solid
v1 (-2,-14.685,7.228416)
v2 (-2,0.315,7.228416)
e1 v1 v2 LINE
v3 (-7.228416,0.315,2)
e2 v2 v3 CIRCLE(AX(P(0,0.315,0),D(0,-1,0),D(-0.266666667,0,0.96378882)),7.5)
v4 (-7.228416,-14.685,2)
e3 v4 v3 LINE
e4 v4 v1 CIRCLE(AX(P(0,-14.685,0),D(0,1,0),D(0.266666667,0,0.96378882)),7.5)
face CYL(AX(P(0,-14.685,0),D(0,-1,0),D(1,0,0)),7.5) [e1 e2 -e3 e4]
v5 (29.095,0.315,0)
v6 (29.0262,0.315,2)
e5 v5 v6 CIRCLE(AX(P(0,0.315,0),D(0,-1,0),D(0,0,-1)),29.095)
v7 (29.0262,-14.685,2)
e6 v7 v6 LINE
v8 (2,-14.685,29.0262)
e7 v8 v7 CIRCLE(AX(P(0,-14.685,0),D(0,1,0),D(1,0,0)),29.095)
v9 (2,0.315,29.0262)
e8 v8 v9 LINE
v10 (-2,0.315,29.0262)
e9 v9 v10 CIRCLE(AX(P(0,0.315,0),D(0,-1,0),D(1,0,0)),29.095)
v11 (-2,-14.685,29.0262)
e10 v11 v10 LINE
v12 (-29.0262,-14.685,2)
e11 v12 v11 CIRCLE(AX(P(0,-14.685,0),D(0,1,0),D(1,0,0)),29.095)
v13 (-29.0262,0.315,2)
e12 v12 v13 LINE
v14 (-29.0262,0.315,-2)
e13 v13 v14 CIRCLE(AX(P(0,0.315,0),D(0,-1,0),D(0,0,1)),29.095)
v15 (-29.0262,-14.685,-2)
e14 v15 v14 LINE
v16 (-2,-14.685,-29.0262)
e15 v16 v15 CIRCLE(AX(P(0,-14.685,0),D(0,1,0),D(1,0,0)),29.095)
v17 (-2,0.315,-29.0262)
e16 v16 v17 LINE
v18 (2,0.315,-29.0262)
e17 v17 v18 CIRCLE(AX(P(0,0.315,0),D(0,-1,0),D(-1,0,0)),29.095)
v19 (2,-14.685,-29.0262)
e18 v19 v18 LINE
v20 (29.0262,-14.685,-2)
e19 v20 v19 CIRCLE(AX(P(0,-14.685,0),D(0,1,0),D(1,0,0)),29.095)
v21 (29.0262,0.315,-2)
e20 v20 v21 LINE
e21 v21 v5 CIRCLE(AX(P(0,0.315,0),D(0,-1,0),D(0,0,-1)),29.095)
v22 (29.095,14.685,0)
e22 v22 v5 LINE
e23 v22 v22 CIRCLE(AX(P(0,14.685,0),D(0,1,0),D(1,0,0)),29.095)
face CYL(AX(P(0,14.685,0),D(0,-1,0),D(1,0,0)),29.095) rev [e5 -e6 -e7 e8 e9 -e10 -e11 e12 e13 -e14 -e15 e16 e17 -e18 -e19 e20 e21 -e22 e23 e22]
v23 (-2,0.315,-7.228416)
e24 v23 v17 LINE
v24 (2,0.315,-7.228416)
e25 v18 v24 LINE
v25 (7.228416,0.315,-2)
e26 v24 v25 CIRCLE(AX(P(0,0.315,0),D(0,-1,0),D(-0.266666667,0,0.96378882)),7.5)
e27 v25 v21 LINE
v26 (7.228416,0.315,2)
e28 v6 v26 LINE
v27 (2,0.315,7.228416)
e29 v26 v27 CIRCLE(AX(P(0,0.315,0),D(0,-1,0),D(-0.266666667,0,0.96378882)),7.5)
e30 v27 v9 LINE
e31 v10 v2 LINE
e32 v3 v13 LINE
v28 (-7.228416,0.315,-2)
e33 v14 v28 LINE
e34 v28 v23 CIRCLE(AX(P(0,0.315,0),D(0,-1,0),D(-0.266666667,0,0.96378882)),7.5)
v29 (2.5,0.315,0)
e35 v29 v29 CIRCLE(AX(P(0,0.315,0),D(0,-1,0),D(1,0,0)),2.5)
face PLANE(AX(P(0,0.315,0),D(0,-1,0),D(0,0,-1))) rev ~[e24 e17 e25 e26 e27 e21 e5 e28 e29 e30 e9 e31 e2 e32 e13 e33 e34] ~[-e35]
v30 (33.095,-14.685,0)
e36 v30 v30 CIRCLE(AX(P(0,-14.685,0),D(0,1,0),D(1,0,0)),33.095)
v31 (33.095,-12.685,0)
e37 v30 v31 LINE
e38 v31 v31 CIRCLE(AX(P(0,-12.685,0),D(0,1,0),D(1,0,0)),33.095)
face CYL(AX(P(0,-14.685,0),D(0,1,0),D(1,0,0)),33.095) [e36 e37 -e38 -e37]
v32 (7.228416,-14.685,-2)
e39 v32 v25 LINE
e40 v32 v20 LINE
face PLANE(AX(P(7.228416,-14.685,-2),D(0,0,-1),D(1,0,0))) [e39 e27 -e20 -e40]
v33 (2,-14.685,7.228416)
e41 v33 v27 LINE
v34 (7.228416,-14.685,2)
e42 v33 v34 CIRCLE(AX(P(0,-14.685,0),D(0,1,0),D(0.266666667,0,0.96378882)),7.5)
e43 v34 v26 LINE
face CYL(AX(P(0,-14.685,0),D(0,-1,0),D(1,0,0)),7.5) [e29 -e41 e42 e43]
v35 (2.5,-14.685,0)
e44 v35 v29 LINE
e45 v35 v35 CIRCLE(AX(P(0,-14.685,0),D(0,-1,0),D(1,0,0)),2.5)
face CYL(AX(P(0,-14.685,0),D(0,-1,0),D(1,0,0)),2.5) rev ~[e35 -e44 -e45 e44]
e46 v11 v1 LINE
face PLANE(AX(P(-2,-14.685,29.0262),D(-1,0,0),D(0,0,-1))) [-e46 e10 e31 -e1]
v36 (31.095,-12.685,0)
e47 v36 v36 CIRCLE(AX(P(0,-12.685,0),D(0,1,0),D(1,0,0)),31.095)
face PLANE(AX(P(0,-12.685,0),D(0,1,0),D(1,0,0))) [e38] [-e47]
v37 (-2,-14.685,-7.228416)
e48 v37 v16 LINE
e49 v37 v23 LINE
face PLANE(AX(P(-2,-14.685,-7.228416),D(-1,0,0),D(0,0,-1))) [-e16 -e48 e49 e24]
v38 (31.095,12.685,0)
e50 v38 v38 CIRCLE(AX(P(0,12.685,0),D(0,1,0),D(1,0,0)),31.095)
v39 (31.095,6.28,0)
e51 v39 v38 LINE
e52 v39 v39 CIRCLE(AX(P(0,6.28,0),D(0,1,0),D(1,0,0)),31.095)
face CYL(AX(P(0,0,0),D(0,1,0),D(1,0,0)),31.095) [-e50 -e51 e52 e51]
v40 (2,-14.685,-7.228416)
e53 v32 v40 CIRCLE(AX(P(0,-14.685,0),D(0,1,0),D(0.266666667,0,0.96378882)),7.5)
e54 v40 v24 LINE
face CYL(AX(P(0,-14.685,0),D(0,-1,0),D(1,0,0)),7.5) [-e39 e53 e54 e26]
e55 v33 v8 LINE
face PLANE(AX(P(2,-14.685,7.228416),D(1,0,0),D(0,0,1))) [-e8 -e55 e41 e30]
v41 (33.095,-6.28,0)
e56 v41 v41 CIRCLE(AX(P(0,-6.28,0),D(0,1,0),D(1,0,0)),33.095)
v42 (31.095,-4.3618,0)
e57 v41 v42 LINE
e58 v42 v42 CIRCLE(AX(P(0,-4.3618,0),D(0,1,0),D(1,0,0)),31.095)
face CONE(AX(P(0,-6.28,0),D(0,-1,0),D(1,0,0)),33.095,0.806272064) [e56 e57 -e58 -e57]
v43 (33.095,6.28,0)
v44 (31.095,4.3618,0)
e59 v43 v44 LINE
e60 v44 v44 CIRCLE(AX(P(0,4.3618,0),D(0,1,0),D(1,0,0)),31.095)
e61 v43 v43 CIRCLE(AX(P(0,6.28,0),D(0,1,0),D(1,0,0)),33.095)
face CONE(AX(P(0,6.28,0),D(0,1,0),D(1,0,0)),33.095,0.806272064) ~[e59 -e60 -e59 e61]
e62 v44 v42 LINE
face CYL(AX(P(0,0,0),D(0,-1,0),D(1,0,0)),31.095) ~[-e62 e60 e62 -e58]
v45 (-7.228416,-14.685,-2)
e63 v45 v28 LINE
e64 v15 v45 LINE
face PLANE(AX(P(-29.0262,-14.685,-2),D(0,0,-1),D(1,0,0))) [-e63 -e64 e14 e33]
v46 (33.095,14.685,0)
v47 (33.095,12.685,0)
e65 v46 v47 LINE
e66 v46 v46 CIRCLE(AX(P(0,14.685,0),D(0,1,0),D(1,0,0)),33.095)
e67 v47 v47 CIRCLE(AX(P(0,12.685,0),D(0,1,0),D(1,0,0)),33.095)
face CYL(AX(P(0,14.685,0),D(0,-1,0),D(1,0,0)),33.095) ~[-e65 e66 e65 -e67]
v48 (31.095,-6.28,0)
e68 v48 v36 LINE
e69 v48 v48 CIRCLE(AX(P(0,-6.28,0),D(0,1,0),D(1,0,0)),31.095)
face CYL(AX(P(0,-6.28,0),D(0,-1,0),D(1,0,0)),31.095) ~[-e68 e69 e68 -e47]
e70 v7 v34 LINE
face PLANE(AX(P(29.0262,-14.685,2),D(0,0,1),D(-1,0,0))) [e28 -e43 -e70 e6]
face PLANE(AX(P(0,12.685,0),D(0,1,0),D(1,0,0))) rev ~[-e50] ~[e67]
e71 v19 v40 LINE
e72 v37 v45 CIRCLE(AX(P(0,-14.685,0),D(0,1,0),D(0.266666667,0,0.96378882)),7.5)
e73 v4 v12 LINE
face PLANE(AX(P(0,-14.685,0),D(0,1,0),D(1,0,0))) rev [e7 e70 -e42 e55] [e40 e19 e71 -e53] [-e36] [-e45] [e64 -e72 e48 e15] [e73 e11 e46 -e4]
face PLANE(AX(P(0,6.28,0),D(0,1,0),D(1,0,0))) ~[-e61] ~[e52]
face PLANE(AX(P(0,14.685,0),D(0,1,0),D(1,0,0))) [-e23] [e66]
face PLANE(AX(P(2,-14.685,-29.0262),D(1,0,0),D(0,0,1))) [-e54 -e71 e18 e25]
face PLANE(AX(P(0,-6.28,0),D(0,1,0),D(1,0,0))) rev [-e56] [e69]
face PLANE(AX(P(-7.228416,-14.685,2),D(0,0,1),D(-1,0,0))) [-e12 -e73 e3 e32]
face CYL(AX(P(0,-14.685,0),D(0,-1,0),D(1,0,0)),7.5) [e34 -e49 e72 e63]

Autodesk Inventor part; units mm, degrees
ref_plane "YZ Plane" through (0, 0, 0) normal (1, 0, 0) x (0, 1, 0)
ref_plane "XZ Plane" through (0, 0, 0) normal (0, 1, 0) x (-1, 0, 0)
ref_plane "XY Plane" through (0, 0, 0) normal (0, 0, 1) x (1, 0, 0)
sketch "Sketch1" plane through (0, 0, 0) normal (0, 0, 1) x (1, 0, 0)
  line L0 (0, 0) -> (31.095, 0)
  line L1 (31.095, 0) -> (31.095, 14.685)
  line L2 (31.095, 14.685) -> (33.095, 14.685)
  line L3 (33.095, 14.685) -> (33.095, 12.685)
  line L4 (33.095, 12.685) -> (31.095, 12.685)
  line L5 (31.095, 0) -> (31.095, 6.28)
  line L6 (31.095, 6.28) -> (33.095, 6.28)
  line L7 (33.095, 6.28) -> (31.095, 4.3618)
  line L8 (31.095, -14.685) -> (33.095, -14.685)
  line L9 (33.095, -14.685) -> (33.095, -12.685)
  line L10 (33.095, -12.685) -> (31.095, -12.685)
  line L11 (31.095, -6.28) -> (33.095, -6.28)
  line L12 (33.095, -6.28) -> (31.095, -4.3618)
  line L13 (31.095, 14.685) -> (29.095, 14.685)
  line L14 (29.095, 14.685) -> (29.095, -14.685)
  line L15 (29.095, -14.685) -> (31.095, -14.685)
  line L16 (33.095, -6.28) -> (31.095, -4.3618)
  line L17 (31.095, 0) -> (31.095, -4.3618)
  line L18 (31.095, -6.28) -> (31.095, -14.685)
  line L19 (0, -20.559) -> (0, 20.559) projected
  dimension "d0" = 31.095
  dimension "d1" = 14.685
  dimension "d2" = 2
  dimension "d3" = 2
  dimension "d4" = 6.28
  dimension "d5" = 2
  dimension "d6" = 2
revolve "Revolution1" add sketch "Sketch1" angle 360 about axis through (0, -10, 0) along (0, 1, 0)
sketch "Sketch2" plane through (0, -14.685, 0) normal (0, -1, 0) x (1, 0, 0)
  circle A0 centre (0, 0) radius 29.095
  line L0 (0, 0) -> (-2, 0)
  line L1 (-2, 0) -> (2, 0)
  line L2 (-2, 0) -> (2, 0)
  line L3 (2, 0) -> (2, 29.0262)
  line L4 (-2, 29.0262) -> (-2, 0)
  circle A1 centre (0, 0) radius 7.5
  dimension "d8" = 2
  dimension "d9" = 4
  dimension "d10" = 15
extrude "Extrusion1" add sketch "Sketch2" against normal blind 15 contours L3 A1 L4 A0 | A1 L4 L0 L1 L3 | L3 L1 L0 L4 A1 picked at (-0.2224, 14.6756)
pattern_circular "Circular Pattern1" count 4 over 360 about axis through (0, -14.685, 0) along (0, 1, 0) of "Extrusion1"
sketch "Sketch3" plane through (0, -14.685, 0) normal (0, -1, 0) x (1, 0, 0)
  circle A0 centre (0, 0) radius 2.5
  dimension "d16" = 5
extrude "Extrusion2" cut sketch "Sketch3" against normal blind 15
properties part number "OSV Specific Wheel #2"
